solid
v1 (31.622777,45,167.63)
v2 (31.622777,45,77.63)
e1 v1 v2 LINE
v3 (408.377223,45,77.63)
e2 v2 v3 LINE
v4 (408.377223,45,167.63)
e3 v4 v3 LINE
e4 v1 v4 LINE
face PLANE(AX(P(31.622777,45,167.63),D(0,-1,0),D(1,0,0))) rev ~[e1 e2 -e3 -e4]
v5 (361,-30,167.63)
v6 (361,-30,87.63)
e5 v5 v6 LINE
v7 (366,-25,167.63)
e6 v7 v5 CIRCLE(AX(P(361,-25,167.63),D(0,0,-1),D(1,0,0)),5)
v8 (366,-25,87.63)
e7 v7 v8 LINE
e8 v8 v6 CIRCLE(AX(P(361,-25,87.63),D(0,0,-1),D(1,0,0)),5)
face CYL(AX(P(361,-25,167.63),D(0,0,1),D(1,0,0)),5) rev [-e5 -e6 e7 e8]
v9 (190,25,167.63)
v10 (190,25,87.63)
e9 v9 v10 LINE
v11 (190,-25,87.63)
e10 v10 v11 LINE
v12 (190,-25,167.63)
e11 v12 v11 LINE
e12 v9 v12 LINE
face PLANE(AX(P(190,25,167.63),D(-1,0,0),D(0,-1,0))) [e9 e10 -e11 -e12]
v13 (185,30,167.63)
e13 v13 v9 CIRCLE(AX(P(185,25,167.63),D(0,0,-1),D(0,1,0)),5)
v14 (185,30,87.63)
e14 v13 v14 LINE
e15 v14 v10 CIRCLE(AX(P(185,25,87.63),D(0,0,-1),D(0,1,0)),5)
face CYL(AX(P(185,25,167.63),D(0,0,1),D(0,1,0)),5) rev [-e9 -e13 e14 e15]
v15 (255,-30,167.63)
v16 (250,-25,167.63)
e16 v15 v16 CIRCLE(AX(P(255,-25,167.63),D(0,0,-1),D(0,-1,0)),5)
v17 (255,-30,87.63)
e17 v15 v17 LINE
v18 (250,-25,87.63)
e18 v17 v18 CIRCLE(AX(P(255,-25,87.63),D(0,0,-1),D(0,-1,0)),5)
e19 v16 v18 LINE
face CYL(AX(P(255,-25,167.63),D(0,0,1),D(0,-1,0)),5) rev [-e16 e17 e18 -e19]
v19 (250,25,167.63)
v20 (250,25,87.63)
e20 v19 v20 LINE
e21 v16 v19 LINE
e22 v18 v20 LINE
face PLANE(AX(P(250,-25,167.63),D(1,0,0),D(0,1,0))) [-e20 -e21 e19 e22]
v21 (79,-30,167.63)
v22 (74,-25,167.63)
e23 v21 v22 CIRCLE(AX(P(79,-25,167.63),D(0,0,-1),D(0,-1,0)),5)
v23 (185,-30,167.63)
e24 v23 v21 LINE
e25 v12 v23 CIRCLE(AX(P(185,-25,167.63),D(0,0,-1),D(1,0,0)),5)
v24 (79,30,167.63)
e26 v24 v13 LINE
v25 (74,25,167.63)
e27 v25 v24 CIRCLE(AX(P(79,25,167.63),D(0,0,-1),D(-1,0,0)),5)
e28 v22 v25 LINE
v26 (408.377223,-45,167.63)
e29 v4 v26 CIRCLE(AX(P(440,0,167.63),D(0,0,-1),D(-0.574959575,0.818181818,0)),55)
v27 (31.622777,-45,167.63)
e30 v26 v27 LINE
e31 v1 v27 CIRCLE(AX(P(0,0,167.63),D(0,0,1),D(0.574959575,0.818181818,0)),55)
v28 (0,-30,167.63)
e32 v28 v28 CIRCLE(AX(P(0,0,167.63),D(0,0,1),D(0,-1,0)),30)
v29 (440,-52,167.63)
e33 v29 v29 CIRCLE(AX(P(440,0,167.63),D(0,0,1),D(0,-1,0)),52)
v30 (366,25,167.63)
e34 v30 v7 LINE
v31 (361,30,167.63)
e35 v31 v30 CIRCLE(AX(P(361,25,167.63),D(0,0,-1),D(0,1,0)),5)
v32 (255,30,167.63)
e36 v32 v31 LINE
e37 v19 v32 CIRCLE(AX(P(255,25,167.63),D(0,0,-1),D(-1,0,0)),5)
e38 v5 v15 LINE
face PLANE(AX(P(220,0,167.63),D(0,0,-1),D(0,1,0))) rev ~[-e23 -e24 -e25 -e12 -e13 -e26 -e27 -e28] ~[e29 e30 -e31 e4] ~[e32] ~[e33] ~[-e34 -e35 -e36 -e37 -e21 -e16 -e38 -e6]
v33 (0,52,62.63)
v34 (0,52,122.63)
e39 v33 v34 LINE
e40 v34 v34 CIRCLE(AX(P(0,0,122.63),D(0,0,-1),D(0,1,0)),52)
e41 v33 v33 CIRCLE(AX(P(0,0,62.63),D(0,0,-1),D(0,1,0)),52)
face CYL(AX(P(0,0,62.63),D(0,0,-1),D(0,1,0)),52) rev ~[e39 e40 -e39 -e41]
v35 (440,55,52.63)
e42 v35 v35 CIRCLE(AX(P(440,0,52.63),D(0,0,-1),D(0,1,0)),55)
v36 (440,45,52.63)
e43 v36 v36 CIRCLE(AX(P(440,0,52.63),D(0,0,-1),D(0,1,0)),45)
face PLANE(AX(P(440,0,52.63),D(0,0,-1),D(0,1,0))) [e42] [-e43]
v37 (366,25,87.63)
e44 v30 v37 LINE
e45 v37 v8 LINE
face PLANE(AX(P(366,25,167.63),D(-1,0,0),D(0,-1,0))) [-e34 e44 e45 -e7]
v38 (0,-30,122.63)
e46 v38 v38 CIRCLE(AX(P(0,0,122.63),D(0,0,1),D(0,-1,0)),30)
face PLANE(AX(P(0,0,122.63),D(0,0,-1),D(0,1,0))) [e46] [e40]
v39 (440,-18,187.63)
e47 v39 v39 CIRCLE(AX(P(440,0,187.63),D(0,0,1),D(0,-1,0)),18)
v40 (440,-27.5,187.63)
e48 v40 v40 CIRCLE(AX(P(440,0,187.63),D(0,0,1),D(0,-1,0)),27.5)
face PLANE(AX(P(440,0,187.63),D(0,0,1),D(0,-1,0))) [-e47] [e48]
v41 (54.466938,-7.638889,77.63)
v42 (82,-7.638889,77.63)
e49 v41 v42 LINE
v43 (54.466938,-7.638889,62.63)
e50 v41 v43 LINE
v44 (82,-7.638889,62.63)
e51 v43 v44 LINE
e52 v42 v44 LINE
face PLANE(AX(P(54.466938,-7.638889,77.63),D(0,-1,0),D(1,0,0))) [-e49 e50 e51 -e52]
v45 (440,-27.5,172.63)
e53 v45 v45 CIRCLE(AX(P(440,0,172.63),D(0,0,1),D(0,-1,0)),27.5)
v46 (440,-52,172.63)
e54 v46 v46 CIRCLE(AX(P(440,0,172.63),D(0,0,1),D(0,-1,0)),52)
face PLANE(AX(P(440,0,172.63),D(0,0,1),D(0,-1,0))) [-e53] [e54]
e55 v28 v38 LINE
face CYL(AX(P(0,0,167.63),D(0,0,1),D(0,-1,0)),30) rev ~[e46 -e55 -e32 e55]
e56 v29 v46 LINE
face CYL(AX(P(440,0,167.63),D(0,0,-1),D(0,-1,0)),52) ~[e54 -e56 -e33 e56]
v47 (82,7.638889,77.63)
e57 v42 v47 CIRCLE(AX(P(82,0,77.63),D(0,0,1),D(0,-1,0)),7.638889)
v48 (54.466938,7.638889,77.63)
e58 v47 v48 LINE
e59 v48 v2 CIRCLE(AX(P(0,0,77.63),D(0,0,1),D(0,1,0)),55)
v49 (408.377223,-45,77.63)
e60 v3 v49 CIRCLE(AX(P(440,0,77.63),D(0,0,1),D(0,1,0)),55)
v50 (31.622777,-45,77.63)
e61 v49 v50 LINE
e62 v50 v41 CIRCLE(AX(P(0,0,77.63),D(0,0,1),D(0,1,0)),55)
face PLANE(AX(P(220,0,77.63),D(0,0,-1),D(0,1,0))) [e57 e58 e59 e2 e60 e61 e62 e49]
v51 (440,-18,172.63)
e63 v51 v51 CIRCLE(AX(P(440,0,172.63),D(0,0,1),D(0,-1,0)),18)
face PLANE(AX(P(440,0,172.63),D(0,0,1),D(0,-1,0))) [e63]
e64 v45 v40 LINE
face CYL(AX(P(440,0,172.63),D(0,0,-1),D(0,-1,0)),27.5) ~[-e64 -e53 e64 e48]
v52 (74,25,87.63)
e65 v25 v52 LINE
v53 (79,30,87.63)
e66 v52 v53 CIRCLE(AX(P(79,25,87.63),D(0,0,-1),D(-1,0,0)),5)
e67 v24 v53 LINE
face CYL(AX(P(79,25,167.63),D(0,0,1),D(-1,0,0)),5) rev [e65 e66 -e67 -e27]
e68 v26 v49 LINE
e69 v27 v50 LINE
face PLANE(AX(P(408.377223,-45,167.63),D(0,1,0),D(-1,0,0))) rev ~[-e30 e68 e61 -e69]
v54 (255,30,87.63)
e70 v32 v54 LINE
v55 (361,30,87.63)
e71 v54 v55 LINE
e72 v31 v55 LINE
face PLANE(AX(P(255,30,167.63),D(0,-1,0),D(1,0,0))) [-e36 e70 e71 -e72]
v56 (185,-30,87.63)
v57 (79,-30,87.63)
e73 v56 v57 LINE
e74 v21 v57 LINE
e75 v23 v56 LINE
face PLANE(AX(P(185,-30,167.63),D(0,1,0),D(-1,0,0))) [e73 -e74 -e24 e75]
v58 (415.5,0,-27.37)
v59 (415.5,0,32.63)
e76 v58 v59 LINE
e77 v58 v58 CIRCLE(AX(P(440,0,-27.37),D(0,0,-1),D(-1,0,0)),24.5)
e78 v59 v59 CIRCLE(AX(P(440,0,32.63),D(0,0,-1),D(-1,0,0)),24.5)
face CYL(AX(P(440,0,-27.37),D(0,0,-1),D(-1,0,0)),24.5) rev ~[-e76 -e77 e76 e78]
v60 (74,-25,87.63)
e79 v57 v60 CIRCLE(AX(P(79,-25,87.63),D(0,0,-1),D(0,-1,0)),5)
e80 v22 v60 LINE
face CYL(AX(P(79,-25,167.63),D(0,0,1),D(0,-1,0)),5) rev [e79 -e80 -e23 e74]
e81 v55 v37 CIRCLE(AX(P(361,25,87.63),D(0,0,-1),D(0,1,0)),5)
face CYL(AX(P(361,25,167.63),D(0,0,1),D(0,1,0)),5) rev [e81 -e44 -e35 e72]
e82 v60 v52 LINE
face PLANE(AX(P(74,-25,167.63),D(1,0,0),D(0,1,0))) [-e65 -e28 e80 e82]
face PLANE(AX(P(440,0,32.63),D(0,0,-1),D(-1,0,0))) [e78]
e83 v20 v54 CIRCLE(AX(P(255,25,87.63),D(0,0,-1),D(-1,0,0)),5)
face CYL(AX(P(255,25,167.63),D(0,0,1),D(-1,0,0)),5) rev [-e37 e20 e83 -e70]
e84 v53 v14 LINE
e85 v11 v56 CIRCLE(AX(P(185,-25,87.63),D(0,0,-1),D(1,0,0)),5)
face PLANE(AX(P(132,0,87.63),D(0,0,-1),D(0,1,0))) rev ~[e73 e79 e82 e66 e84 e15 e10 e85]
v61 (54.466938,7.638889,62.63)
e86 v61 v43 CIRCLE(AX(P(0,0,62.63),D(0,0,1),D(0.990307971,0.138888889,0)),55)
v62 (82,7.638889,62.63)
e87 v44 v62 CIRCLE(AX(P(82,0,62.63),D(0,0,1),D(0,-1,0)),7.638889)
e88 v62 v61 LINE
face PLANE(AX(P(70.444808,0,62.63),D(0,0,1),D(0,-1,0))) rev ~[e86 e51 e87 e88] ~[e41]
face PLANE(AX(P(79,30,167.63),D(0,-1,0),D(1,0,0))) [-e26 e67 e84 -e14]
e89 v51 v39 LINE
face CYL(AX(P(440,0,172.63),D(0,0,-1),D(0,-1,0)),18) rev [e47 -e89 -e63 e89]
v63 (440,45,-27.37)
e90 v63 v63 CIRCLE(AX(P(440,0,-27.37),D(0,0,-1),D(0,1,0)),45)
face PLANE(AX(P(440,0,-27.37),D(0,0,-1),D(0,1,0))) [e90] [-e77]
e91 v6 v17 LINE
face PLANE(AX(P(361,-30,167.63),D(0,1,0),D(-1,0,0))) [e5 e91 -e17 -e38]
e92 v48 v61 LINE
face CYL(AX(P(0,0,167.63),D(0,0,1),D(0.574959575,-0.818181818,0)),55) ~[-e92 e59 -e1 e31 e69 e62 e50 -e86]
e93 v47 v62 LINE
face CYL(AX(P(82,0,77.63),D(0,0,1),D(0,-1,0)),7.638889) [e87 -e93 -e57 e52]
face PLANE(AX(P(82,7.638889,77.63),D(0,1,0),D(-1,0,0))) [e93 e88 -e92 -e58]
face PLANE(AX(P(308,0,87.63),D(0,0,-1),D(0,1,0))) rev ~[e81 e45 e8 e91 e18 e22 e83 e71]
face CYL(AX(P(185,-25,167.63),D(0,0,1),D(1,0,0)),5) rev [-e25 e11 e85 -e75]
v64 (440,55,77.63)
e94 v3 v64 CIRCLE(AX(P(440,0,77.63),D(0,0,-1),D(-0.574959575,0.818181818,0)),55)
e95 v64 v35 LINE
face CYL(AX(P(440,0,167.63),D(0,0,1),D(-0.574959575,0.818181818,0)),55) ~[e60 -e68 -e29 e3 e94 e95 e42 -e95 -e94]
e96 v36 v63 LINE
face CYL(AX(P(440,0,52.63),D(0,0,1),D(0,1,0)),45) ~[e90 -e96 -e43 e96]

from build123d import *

# Parameters (mm, degrees)
BOSS_EXTRUDE5_DEPTH   = 90
SKETCH11_3_R          = 55
BOSS_EXTRUDE6_DEPTH   = 115
SKETCH11_4_R          = 55
BOSS_EXTRUDE7_DEPTH   = 105
BOSS_EXTRUDE8_DEPTH   = 15
SKETCH17_R            = 45
BOSS_EXTRUDE9_DEPTH   = 80
SKETCH18_R            = 52
BOSS_EXTRUDE10_DEPTH  = 5
SKETCH19_R            = 27.5
SKETCH19_R_2          = 18
BOSS_EXTRUDE12_DEPTH  = 15
BODY_MOVE_COPY2_ANGLE = 180
SKETCH28_R            = 52
CUT_EXTRUDE2_DEPTH    = 60
CUT_EXTRUDE3_DEPTH    = 80
SKETCH31_R            = 30
CUT_EXTRUDE6_DEPTH    = 196
BODY_MOVE_COPY3_ANGLE = 180
BODY_MOVE_COPY4_ANGLE = 90
BODY_MOVE_COPY6_ANGLE = 180
BODY_MOVE_COPY8_ANGLE = 90
BODY_MOVE_COPY9_ANGLE = 90
SKETCH36_R            = 24.5
CUT_EXTRUDE7_DEPTH    = 60


with BuildPart() as part:
    # Sketch11 → Boss-Extrude5 (new body)
    with BuildSketch(Plane.XY):
        with BuildLine():
            Line((-45, 408.377223398), (-45, 31.622776602))
            ThreePointArc((-45, 31.622776602), (0, -55), (45, 31.622776602))
            Line((45, 31.622776602), (45, 408.377223398))
            ThreePointArc((45, 408.377223398), (0, 495), (-45, 408.377223398))
        make_face()
    extrude(amount=BOSS_EXTRUDE5_DEPTH)

    # Sketch11<3> → Boss-Extrude6 (add)
    with BuildSketch(Plane.XY):
        with Locations((0, 440)):
            Circle(SKETCH11_3_R)
    extrude(amount=BOSS_EXTRUDE6_DEPTH)

    # Sketch11<4> → Boss-Extrude7 (add)
    with BuildSketch(Plane.XY):
        Circle(SKETCH11_4_R)
    extrude(amount=BOSS_EXTRUDE7_DEPTH)

    # Sketch13 → Boss-Extrude8 (add)
    with BuildSketch(Plane.XY.offset(90)):
        with BuildLine():
            Line((7.638888889, 82), (7.638888889, 54.46693838))
            Line((7.638888889, 54.46693838), (-7.638888889, 54.46693838))
            Line((-7.638888889, 54.46693838), (-7.638888889, 82))
            ThreePointArc((-7.638888889, 82), (0, 89.638888889), (7.638888889, 82))
        make_face()
    extrude(amount=BOSS_EXTRUDE8_DEPTH)

    # Sketch17 → Boss-Extrude9 (add)
    with BuildSketch(Plane.XY.offset(115)):
        with Locations((0, 440)):
            Circle(SKETCH17_R)
    extrude(amount=BOSS_EXTRUDE9_DEPTH)

    # Sketch18 → Boss-Extrude10 (add)
    with BuildSketch(Plane(origin=(0, 0, 0), x_dir=(-1, 0, 0), z_dir=(0, 0, -1))):
        with Locations((0, 440)):
            Circle(SKETCH18_R)
    extrude(amount=BOSS_EXTRUDE10_DEPTH)

    # Sketch19 → Boss-Extrude12 (add)
    with BuildSketch(Plane(origin=(0, 0, -5), x_dir=(-1, 0, 0), z_dir=(0, 0, -1))):
        with Locations((0, 440)):
            Circle(SKETCH19_R)
        with Locations((0, 440)):
            Circle(SKETCH19_R_2, mode=Mode.SUBTRACT)
    extrude(amount=BOSS_EXTRUDE12_DEPTH)


with BuildPart() as part_1:
    # Body-Move/Copy2: moved
    add(part.part.rotate(Axis((0, 0, 0), (0, 1, 0)), BODY_MOVE_COPY2_ANGLE))

    # Sketch28 → Cut-Extrude2 (cut)
    with BuildSketch(Plane(origin=(0, 0, -105), x_dir=(-1, 0, 0), z_dir=(0, 0, -1))):
        Circle(SKETCH28_R)
    extrude(amount=-CUT_EXTRUDE2_DEPTH, mode=Mode.SUBTRACT)

    # Sketch29 → Cut-Extrude3 (cut)
    with BuildSketch(Plane.XY):
        with BuildLine():
            ThreePointArc((-30, 361), (-28.535533906, 364.535533906), (-25, 366))
            Line((-25, 366), (25, 366))
            ThreePointArc((25, 366), (28.535533906, 364.535533906), (30, 361))
            Line((30, 361), (30, 255))
            ThreePointArc((30, 255), (28.535533906, 251.464466094), (25, 250))
            Line((25, 250), (-25, 250))
            ThreePointArc((-25, 250), (-28.535533906, 251.464466094), (-30, 255))
            Line((-30, 255), (-30, 361))
        make_face()
        with BuildLine():
            ThreePointArc((-30, 185), (-28.535533906, 188.535533906), (-25, 190))
            Line((-25, 190), (25, 190))
            ThreePointArc((25, 190), (28.535533906, 188.535533906), (30, 185))
            Line((30, 185), (30, 79))
            ThreePointArc((30, 79), (28.535533906, 75.464466094), (25, 74))
            Line((25, 74), (-25, 74))
            ThreePointArc((-25, 74), (-28.535533906, 75.464466094), (-30, 79))
            Line((-30, 79), (-30, 185))
        make_face()
    extrude(amount=-CUT_EXTRUDE3_DEPTH, mode=Mode.SUBTRACT)

    # Sketch31 → Cut-Extrude6 (cut, through all)
    with BuildSketch(Plane.XY):
        Circle(SKETCH31_R)
    extrude(amount=-CUT_EXTRUDE6_DEPTH, mode=Mode.SUBTRACT)


with BuildPart() as part_2:
    # Body-Move/Copy3: moved
    add(part_1.part.moved(Location((0, 0, 0))).rotate(Axis((0, 0, -87.5), (0, 1, 0)), BODY_MOVE_COPY3_ANGLE))


with BuildPart() as part_3:
    # Body-Move/Copy4: moved
    add(part_2.part.rotate(Axis((0, 225, 0), (0, 0, -1)), BODY_MOVE_COPY4_ANGLE))


with BuildPart() as part_4:
    # Body-Move/Copy6: moved
    add(part_3.part.rotate(Axis((225, 0, -17.5), (0, 1, 0)), BODY_MOVE_COPY6_ANGLE))


with BuildPart() as part_5:
    # Body-Move/Copy7: moved
    add(part_4.part.moved(Location((-675, -225, -35))))


with BuildPart() as part_6:
    # Body-Move/Copy8: moved
    add(part_5.part.rotate(Axis((-225, 0, 0), (0, 0, -1)), BODY_MOVE_COPY8_ANGLE))


with BuildPart() as part_7:
    # Body-Move/Copy9: moved
    add(part_6.part.rotate(Axis((-225, 0, 0), (0, 0, -1)), BODY_MOVE_COPY9_ANGLE))


with BuildPart() as part_8:
    # Body-Move/Copy10: moved
    add(part_7.part.moved(Location((450, 1e-09, 0))))


with BuildPart() as part_9:
    # Body-Move/Copy14: moved
    add(part_8.part.moved(Location((0, 0, 62.63))))

    # Sketch36 → Cut-Extrude7 (cut)
    with BuildSketch(Plane(origin=(0, 0, -27.37), x_dir=(-1, 0, 0), z_dir=(0, 0, -1))):
        with Locations((-440, 2e-09)):
            Circle(SKETCH36_R)
    extrude(amount=-CUT_EXTRUDE7_DEPTH, mode=Mode.SUBTRACT)


solid = part_9.part
